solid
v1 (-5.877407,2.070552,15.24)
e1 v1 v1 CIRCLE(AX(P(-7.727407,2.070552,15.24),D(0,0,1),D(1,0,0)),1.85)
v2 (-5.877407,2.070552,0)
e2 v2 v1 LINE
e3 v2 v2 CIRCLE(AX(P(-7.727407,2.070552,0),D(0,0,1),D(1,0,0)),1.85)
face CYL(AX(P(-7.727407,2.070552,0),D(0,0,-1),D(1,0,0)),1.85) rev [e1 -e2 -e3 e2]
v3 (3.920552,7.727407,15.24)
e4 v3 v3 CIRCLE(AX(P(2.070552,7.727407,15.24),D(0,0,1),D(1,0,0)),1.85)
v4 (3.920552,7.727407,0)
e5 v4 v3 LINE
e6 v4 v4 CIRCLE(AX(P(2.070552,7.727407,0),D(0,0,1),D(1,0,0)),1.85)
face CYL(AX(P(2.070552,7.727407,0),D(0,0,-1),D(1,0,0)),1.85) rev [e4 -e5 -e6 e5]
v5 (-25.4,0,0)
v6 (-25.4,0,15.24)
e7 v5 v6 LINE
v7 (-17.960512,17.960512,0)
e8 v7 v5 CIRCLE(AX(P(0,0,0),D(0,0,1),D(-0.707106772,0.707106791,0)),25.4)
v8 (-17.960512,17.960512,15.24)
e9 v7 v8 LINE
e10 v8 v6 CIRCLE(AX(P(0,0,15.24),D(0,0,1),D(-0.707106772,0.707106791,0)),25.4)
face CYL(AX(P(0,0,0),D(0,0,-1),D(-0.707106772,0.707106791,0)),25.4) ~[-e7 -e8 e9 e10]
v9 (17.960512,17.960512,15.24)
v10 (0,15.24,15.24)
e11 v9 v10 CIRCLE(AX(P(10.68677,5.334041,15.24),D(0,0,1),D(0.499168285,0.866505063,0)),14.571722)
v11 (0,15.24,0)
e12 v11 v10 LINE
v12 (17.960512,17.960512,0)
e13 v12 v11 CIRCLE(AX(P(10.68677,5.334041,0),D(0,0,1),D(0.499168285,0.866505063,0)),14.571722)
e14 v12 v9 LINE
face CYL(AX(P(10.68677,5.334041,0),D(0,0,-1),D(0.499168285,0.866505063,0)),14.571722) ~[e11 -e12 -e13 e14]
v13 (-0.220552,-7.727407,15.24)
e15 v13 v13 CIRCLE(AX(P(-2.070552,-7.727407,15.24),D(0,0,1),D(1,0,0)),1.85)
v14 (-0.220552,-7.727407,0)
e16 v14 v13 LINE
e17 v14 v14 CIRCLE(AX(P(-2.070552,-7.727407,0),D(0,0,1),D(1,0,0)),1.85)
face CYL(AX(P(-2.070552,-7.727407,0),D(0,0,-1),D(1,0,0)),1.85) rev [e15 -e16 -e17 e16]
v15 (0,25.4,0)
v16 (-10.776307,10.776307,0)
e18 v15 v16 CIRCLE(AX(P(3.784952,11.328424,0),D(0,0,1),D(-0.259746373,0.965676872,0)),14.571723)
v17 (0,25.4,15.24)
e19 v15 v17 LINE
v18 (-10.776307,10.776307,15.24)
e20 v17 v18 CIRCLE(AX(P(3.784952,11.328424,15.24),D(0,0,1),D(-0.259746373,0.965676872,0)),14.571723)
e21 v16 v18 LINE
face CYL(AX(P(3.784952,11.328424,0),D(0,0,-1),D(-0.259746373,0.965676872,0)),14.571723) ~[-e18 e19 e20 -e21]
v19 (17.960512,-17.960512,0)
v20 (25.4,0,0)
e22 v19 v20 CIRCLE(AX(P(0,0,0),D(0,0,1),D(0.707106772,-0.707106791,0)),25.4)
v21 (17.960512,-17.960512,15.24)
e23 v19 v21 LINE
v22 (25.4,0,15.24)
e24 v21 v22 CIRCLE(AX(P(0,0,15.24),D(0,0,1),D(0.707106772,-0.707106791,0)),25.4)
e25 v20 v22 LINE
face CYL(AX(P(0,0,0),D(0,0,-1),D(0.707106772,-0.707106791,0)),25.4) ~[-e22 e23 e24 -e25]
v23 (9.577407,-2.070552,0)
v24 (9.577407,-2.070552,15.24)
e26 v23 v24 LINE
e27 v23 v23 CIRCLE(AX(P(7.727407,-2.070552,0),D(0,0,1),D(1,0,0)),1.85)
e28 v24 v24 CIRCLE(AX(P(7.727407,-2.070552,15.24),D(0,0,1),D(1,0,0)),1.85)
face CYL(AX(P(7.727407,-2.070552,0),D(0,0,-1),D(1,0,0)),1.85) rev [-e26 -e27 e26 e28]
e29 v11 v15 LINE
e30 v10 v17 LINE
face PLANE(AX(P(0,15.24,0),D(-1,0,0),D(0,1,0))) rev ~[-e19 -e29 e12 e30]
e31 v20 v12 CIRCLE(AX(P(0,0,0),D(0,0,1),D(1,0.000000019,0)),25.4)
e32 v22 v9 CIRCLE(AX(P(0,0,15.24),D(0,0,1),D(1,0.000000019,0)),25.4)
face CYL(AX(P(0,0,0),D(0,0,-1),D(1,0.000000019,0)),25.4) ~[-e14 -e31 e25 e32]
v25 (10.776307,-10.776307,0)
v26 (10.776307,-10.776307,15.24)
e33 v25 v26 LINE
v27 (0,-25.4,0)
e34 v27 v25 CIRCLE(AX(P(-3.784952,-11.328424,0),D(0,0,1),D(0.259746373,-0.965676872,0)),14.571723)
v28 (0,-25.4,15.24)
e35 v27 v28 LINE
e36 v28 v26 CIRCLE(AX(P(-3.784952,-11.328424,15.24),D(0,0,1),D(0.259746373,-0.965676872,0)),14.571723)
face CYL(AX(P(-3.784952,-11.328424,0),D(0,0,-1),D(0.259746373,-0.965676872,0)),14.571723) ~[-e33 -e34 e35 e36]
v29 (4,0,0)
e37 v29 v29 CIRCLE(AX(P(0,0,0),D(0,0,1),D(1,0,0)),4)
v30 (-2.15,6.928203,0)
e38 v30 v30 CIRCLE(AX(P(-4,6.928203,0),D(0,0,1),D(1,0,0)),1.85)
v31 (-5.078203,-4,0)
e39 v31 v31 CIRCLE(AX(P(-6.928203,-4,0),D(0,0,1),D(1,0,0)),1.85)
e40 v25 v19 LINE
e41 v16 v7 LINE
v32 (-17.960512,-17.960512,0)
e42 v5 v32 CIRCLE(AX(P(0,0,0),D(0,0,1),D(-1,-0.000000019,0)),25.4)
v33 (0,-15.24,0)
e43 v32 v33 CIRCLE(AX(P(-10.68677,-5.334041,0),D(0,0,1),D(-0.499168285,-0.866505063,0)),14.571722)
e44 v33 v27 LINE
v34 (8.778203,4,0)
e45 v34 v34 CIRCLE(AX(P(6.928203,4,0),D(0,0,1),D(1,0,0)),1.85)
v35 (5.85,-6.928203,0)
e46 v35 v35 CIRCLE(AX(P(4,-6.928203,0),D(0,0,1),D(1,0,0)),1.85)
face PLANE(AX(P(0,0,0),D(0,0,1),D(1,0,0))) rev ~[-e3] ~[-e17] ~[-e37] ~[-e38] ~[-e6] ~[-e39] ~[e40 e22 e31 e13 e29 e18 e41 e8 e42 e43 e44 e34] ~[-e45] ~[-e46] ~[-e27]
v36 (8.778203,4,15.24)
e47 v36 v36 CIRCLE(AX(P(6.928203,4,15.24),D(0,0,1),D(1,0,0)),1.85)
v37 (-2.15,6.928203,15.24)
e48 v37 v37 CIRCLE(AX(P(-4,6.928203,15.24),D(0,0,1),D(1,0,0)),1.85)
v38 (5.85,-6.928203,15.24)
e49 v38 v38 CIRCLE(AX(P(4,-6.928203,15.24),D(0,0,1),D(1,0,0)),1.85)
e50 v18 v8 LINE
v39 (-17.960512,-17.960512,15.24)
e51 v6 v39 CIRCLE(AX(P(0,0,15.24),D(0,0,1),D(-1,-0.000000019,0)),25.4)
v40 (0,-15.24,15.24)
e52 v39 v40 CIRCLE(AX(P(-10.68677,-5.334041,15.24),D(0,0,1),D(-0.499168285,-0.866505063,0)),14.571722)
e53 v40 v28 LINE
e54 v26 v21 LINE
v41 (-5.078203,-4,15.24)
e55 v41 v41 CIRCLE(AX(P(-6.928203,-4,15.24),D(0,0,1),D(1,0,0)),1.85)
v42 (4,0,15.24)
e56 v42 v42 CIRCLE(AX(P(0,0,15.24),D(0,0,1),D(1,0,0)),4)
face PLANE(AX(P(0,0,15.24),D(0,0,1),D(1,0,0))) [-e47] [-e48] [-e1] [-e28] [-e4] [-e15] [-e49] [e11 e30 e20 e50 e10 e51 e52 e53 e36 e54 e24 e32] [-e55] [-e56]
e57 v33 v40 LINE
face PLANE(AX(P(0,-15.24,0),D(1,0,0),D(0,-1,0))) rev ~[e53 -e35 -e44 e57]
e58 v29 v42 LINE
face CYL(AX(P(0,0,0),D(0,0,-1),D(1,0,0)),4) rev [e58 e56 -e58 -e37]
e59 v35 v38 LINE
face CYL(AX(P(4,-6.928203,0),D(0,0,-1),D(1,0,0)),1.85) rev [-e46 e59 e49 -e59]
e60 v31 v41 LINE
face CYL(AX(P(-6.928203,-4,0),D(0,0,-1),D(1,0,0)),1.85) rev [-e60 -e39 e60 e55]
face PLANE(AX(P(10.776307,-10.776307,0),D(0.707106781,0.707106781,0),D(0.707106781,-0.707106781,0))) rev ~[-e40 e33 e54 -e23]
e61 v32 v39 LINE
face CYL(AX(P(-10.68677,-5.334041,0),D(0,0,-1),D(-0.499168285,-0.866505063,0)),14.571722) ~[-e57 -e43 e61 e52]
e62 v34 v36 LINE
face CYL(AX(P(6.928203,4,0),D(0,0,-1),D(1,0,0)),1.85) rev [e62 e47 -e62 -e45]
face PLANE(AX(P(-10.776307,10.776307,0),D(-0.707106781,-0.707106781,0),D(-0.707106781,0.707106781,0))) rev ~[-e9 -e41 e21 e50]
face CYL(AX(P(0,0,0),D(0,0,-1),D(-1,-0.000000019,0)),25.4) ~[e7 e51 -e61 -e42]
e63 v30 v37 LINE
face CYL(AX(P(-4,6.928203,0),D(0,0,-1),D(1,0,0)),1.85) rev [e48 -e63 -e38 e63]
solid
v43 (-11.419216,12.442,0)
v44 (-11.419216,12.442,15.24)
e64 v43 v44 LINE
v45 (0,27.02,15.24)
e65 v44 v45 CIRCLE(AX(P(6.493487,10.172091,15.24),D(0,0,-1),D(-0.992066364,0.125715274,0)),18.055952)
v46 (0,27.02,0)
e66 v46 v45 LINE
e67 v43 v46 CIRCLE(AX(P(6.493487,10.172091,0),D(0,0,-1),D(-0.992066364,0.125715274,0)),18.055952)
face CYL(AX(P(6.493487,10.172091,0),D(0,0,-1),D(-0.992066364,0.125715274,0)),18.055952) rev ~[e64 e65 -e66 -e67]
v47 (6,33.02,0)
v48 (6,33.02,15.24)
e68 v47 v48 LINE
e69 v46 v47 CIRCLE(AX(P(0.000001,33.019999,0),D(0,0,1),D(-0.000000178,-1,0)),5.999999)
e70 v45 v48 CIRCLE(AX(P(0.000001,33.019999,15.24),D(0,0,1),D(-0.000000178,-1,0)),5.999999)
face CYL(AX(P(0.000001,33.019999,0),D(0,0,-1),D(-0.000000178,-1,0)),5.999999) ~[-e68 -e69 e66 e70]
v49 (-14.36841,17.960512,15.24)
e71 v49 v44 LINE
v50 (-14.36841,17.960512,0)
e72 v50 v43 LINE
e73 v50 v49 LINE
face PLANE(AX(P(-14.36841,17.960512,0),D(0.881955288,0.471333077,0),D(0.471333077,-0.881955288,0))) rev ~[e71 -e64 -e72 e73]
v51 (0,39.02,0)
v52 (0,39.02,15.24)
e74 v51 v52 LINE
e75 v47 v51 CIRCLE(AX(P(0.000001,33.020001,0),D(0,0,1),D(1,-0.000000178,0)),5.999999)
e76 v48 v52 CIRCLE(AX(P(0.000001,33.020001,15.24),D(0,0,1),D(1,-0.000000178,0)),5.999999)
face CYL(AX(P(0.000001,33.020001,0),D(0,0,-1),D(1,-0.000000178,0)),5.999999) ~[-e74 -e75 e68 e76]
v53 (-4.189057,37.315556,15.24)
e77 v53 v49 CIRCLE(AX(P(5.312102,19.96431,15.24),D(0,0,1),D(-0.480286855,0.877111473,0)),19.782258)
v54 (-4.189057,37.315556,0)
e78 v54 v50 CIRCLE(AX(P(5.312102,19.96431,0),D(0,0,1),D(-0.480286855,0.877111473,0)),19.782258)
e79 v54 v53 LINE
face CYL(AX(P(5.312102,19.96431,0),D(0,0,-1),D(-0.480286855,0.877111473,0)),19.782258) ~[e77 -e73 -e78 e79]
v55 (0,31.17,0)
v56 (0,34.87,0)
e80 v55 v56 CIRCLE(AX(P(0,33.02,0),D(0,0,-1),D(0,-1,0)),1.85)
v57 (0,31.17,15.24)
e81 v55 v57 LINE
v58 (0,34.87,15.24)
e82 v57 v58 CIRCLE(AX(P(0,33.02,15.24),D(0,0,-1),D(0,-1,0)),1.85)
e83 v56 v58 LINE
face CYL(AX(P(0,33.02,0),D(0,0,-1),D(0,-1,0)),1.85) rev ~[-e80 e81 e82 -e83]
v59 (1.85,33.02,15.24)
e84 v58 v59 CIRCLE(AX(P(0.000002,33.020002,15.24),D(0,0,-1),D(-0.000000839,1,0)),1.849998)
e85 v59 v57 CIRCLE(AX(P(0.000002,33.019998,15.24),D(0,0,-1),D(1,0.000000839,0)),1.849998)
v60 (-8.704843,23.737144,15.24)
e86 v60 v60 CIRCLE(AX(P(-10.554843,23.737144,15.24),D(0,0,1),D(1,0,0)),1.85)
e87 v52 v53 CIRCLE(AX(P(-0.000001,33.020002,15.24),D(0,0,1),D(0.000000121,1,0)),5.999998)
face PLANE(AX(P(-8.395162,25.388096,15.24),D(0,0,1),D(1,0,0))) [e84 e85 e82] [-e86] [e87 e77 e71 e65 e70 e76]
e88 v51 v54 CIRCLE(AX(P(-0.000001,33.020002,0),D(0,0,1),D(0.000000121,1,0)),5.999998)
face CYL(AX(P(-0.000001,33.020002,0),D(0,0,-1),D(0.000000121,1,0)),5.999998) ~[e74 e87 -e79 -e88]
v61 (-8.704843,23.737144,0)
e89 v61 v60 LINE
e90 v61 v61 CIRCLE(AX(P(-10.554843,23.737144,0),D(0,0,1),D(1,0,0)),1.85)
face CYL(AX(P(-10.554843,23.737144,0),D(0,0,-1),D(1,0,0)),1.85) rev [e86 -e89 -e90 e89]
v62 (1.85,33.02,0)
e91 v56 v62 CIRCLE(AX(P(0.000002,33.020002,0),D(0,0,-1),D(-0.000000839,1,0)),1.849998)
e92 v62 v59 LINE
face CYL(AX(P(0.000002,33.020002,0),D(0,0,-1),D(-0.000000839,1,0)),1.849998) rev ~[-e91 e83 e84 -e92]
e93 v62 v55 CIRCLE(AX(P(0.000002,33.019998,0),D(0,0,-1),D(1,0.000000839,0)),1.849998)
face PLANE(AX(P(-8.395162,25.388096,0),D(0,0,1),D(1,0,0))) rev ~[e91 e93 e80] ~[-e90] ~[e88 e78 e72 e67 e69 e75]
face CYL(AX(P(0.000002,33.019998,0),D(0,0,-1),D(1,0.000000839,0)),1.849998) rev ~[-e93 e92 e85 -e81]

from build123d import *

# Parameters (mm, degrees)
F0_R     = 1.85
F0_R_2   = 4
F1_DEPTH = 15.24


with BuildPart() as f1:
    # F0 (on Top) → F1 (new body)
    with BuildSketch(Plane.XY):
        with BuildLine():
            Line((0, 15.24), (0, 25.4))
            ThreePointArc((0, 25.4), (-7.945733, 19.972852), (-10.776307, 10.776307))
            Line((-10.776307, 10.776307), (-17.960512, 17.960512))
            ThreePointArc((-17.960512, 17.960512), (-19.741421, 8.504458), (-15.24, 0))
            Line((-15.24, 0), (-25.4, 0))
            ThreePointArc((-25.4, 0), (-19.972852, -7.945733), (-10.776307, -10.776307))
            Line((-10.776307, -10.776307), (-17.960512, -17.960512))
            ThreePointArc((-17.960512, -17.960512), (-8.504458, -19.741421), (0, -15.24))
            Line((0, -15.24), (0, -25.4))
            ThreePointArc((0, -25.4), (7.945733, -19.972852), (10.776307, -10.776307))
            Line((10.776307, -10.776307), (17.960512, -17.960512))
            ThreePointArc((17.960512, -17.960512), (19.741421, -8.504458), (15.24, 0))
            Line((15.24, 0), (25.4, 0))
            ThreePointArc((25.4, 0), (19.972852, 7.945733), (10.776307, 10.776307))
            Line((10.776307, 10.776307), (17.960512, 17.960512))
            ThreePointArc((17.960512, 17.960512), (8.504458, 19.741421), (0, 15.24))
        make_face()
        with Locations((-6.928203, -4)):
            Circle(F0_R, mode=Mode.SUBTRACT)
        with Locations((-2.070552, -7.727407)):
            Circle(F0_R, mode=Mode.SUBTRACT)
        with Locations((-7.727407, 2.070552)):
            Circle(F0_R, mode=Mode.SUBTRACT)
        Circle(F0_R_2, mode=Mode.SUBTRACT)
        with Locations((4, -6.928203)):
            Circle(F0_R, mode=Mode.SUBTRACT)
        with Locations((7.727407, -2.070552)):
            Circle(F0_R, mode=Mode.SUBTRACT)
        with Locations((6.928203, 4)):
            Circle(F0_R, mode=Mode.SUBTRACT)
        with Locations((-4, 6.928203)):
            Circle(F0_R, mode=Mode.SUBTRACT)
        with Locations((2.070552, 7.727407)):
            Circle(F0_R, mode=Mode.SUBTRACT)
        with BuildLine():
            ThreePointArc((-11.419216, 12.442), (-7.720768, 21.306379), (0, 27.02))
            ThreePointArc((0, 27.02), (-5.557578, 30.758733), (-4.189057, 37.315556))
            ThreePointArc((-4.189057, 37.315556), (-12.196379, 29.172505), (-14.36841, 17.960512))
            Line((-14.36841, 17.960512), (-11.419216, 12.442))
        make_face()
        with Locations((-10.554843, 23.737144)):
            Circle(F0_R, mode=Mode.SUBTRACT)
        with BuildLine():
            ThreePointArc((-4.189057, 37.315556), (-5.557578, 30.758733), (0, 27.02))
            Line((0, 27.02), (0, 31.17))
            ThreePointArc((0, 31.17), (-1.85, 33.02), (0, 34.87))
            Line((0, 34.87), (0, 39.02))
            ThreePointArc((0, 39.02), (-2.261267, 38.577578), (-4.189057, 37.315556))
        make_face()
        with BuildLine():
            Line((0, 31.17), (0, 27.02))
            ThreePointArc((0, 27.02), (4.242641, 28.777359), (6, 33.02))
            ThreePointArc((6, 33.02), (4.242641, 37.262641), (0, 39.02))
            Line((0, 39.02), (0, 34.87))
            ThreePointArc((0, 34.87), (1.308148, 34.328148), (1.85, 33.02))
            ThreePointArc((1.85, 33.02), (1.308148, 31.711852), (0, 31.17))
        make_face()
        with BuildLine():
            ThreePointArc((25.4, 0), (23.46654, 9.720159), (17.960512, 17.960512))
            Line((17.960512, 17.960512), (10.776307, 10.776307))
            ThreePointArc((10.776307, 10.776307), (19.972852, 7.945733), (25.4, 0))
        make_face()
        with BuildLine():
            ThreePointArc((-15.24, 0), (-19.741421, 8.504458), (-17.960512, 17.960512))
            ThreePointArc((-17.960512, 17.960512), (-23.46654, 9.720159), (-25.4, 0))
            Line((-25.4, 0), (-15.24, 0))
        make_face()
        with BuildLine():
            ThreePointArc((17.960512, -17.960512), (23.46654, -9.720159), (25.4, 0))
            Line((25.4, 0), (15.24, 0))
            ThreePointArc((15.24, 0), (19.741421, -8.504458), (17.960512, -17.960512))
        make_face()
        with BuildLine():
            ThreePointArc((-10.776307, -10.776307), (-19.972852, -7.945733), (-25.4, 0))
            ThreePointArc((-25.4, 0), (-23.46654, -9.720159), (-17.960512, -17.960512))
            Line((-17.960512, -17.960512), (-10.776307, -10.776307))
        make_face()
    extrude(amount=F1_DEPTH)


solid = f1.part
